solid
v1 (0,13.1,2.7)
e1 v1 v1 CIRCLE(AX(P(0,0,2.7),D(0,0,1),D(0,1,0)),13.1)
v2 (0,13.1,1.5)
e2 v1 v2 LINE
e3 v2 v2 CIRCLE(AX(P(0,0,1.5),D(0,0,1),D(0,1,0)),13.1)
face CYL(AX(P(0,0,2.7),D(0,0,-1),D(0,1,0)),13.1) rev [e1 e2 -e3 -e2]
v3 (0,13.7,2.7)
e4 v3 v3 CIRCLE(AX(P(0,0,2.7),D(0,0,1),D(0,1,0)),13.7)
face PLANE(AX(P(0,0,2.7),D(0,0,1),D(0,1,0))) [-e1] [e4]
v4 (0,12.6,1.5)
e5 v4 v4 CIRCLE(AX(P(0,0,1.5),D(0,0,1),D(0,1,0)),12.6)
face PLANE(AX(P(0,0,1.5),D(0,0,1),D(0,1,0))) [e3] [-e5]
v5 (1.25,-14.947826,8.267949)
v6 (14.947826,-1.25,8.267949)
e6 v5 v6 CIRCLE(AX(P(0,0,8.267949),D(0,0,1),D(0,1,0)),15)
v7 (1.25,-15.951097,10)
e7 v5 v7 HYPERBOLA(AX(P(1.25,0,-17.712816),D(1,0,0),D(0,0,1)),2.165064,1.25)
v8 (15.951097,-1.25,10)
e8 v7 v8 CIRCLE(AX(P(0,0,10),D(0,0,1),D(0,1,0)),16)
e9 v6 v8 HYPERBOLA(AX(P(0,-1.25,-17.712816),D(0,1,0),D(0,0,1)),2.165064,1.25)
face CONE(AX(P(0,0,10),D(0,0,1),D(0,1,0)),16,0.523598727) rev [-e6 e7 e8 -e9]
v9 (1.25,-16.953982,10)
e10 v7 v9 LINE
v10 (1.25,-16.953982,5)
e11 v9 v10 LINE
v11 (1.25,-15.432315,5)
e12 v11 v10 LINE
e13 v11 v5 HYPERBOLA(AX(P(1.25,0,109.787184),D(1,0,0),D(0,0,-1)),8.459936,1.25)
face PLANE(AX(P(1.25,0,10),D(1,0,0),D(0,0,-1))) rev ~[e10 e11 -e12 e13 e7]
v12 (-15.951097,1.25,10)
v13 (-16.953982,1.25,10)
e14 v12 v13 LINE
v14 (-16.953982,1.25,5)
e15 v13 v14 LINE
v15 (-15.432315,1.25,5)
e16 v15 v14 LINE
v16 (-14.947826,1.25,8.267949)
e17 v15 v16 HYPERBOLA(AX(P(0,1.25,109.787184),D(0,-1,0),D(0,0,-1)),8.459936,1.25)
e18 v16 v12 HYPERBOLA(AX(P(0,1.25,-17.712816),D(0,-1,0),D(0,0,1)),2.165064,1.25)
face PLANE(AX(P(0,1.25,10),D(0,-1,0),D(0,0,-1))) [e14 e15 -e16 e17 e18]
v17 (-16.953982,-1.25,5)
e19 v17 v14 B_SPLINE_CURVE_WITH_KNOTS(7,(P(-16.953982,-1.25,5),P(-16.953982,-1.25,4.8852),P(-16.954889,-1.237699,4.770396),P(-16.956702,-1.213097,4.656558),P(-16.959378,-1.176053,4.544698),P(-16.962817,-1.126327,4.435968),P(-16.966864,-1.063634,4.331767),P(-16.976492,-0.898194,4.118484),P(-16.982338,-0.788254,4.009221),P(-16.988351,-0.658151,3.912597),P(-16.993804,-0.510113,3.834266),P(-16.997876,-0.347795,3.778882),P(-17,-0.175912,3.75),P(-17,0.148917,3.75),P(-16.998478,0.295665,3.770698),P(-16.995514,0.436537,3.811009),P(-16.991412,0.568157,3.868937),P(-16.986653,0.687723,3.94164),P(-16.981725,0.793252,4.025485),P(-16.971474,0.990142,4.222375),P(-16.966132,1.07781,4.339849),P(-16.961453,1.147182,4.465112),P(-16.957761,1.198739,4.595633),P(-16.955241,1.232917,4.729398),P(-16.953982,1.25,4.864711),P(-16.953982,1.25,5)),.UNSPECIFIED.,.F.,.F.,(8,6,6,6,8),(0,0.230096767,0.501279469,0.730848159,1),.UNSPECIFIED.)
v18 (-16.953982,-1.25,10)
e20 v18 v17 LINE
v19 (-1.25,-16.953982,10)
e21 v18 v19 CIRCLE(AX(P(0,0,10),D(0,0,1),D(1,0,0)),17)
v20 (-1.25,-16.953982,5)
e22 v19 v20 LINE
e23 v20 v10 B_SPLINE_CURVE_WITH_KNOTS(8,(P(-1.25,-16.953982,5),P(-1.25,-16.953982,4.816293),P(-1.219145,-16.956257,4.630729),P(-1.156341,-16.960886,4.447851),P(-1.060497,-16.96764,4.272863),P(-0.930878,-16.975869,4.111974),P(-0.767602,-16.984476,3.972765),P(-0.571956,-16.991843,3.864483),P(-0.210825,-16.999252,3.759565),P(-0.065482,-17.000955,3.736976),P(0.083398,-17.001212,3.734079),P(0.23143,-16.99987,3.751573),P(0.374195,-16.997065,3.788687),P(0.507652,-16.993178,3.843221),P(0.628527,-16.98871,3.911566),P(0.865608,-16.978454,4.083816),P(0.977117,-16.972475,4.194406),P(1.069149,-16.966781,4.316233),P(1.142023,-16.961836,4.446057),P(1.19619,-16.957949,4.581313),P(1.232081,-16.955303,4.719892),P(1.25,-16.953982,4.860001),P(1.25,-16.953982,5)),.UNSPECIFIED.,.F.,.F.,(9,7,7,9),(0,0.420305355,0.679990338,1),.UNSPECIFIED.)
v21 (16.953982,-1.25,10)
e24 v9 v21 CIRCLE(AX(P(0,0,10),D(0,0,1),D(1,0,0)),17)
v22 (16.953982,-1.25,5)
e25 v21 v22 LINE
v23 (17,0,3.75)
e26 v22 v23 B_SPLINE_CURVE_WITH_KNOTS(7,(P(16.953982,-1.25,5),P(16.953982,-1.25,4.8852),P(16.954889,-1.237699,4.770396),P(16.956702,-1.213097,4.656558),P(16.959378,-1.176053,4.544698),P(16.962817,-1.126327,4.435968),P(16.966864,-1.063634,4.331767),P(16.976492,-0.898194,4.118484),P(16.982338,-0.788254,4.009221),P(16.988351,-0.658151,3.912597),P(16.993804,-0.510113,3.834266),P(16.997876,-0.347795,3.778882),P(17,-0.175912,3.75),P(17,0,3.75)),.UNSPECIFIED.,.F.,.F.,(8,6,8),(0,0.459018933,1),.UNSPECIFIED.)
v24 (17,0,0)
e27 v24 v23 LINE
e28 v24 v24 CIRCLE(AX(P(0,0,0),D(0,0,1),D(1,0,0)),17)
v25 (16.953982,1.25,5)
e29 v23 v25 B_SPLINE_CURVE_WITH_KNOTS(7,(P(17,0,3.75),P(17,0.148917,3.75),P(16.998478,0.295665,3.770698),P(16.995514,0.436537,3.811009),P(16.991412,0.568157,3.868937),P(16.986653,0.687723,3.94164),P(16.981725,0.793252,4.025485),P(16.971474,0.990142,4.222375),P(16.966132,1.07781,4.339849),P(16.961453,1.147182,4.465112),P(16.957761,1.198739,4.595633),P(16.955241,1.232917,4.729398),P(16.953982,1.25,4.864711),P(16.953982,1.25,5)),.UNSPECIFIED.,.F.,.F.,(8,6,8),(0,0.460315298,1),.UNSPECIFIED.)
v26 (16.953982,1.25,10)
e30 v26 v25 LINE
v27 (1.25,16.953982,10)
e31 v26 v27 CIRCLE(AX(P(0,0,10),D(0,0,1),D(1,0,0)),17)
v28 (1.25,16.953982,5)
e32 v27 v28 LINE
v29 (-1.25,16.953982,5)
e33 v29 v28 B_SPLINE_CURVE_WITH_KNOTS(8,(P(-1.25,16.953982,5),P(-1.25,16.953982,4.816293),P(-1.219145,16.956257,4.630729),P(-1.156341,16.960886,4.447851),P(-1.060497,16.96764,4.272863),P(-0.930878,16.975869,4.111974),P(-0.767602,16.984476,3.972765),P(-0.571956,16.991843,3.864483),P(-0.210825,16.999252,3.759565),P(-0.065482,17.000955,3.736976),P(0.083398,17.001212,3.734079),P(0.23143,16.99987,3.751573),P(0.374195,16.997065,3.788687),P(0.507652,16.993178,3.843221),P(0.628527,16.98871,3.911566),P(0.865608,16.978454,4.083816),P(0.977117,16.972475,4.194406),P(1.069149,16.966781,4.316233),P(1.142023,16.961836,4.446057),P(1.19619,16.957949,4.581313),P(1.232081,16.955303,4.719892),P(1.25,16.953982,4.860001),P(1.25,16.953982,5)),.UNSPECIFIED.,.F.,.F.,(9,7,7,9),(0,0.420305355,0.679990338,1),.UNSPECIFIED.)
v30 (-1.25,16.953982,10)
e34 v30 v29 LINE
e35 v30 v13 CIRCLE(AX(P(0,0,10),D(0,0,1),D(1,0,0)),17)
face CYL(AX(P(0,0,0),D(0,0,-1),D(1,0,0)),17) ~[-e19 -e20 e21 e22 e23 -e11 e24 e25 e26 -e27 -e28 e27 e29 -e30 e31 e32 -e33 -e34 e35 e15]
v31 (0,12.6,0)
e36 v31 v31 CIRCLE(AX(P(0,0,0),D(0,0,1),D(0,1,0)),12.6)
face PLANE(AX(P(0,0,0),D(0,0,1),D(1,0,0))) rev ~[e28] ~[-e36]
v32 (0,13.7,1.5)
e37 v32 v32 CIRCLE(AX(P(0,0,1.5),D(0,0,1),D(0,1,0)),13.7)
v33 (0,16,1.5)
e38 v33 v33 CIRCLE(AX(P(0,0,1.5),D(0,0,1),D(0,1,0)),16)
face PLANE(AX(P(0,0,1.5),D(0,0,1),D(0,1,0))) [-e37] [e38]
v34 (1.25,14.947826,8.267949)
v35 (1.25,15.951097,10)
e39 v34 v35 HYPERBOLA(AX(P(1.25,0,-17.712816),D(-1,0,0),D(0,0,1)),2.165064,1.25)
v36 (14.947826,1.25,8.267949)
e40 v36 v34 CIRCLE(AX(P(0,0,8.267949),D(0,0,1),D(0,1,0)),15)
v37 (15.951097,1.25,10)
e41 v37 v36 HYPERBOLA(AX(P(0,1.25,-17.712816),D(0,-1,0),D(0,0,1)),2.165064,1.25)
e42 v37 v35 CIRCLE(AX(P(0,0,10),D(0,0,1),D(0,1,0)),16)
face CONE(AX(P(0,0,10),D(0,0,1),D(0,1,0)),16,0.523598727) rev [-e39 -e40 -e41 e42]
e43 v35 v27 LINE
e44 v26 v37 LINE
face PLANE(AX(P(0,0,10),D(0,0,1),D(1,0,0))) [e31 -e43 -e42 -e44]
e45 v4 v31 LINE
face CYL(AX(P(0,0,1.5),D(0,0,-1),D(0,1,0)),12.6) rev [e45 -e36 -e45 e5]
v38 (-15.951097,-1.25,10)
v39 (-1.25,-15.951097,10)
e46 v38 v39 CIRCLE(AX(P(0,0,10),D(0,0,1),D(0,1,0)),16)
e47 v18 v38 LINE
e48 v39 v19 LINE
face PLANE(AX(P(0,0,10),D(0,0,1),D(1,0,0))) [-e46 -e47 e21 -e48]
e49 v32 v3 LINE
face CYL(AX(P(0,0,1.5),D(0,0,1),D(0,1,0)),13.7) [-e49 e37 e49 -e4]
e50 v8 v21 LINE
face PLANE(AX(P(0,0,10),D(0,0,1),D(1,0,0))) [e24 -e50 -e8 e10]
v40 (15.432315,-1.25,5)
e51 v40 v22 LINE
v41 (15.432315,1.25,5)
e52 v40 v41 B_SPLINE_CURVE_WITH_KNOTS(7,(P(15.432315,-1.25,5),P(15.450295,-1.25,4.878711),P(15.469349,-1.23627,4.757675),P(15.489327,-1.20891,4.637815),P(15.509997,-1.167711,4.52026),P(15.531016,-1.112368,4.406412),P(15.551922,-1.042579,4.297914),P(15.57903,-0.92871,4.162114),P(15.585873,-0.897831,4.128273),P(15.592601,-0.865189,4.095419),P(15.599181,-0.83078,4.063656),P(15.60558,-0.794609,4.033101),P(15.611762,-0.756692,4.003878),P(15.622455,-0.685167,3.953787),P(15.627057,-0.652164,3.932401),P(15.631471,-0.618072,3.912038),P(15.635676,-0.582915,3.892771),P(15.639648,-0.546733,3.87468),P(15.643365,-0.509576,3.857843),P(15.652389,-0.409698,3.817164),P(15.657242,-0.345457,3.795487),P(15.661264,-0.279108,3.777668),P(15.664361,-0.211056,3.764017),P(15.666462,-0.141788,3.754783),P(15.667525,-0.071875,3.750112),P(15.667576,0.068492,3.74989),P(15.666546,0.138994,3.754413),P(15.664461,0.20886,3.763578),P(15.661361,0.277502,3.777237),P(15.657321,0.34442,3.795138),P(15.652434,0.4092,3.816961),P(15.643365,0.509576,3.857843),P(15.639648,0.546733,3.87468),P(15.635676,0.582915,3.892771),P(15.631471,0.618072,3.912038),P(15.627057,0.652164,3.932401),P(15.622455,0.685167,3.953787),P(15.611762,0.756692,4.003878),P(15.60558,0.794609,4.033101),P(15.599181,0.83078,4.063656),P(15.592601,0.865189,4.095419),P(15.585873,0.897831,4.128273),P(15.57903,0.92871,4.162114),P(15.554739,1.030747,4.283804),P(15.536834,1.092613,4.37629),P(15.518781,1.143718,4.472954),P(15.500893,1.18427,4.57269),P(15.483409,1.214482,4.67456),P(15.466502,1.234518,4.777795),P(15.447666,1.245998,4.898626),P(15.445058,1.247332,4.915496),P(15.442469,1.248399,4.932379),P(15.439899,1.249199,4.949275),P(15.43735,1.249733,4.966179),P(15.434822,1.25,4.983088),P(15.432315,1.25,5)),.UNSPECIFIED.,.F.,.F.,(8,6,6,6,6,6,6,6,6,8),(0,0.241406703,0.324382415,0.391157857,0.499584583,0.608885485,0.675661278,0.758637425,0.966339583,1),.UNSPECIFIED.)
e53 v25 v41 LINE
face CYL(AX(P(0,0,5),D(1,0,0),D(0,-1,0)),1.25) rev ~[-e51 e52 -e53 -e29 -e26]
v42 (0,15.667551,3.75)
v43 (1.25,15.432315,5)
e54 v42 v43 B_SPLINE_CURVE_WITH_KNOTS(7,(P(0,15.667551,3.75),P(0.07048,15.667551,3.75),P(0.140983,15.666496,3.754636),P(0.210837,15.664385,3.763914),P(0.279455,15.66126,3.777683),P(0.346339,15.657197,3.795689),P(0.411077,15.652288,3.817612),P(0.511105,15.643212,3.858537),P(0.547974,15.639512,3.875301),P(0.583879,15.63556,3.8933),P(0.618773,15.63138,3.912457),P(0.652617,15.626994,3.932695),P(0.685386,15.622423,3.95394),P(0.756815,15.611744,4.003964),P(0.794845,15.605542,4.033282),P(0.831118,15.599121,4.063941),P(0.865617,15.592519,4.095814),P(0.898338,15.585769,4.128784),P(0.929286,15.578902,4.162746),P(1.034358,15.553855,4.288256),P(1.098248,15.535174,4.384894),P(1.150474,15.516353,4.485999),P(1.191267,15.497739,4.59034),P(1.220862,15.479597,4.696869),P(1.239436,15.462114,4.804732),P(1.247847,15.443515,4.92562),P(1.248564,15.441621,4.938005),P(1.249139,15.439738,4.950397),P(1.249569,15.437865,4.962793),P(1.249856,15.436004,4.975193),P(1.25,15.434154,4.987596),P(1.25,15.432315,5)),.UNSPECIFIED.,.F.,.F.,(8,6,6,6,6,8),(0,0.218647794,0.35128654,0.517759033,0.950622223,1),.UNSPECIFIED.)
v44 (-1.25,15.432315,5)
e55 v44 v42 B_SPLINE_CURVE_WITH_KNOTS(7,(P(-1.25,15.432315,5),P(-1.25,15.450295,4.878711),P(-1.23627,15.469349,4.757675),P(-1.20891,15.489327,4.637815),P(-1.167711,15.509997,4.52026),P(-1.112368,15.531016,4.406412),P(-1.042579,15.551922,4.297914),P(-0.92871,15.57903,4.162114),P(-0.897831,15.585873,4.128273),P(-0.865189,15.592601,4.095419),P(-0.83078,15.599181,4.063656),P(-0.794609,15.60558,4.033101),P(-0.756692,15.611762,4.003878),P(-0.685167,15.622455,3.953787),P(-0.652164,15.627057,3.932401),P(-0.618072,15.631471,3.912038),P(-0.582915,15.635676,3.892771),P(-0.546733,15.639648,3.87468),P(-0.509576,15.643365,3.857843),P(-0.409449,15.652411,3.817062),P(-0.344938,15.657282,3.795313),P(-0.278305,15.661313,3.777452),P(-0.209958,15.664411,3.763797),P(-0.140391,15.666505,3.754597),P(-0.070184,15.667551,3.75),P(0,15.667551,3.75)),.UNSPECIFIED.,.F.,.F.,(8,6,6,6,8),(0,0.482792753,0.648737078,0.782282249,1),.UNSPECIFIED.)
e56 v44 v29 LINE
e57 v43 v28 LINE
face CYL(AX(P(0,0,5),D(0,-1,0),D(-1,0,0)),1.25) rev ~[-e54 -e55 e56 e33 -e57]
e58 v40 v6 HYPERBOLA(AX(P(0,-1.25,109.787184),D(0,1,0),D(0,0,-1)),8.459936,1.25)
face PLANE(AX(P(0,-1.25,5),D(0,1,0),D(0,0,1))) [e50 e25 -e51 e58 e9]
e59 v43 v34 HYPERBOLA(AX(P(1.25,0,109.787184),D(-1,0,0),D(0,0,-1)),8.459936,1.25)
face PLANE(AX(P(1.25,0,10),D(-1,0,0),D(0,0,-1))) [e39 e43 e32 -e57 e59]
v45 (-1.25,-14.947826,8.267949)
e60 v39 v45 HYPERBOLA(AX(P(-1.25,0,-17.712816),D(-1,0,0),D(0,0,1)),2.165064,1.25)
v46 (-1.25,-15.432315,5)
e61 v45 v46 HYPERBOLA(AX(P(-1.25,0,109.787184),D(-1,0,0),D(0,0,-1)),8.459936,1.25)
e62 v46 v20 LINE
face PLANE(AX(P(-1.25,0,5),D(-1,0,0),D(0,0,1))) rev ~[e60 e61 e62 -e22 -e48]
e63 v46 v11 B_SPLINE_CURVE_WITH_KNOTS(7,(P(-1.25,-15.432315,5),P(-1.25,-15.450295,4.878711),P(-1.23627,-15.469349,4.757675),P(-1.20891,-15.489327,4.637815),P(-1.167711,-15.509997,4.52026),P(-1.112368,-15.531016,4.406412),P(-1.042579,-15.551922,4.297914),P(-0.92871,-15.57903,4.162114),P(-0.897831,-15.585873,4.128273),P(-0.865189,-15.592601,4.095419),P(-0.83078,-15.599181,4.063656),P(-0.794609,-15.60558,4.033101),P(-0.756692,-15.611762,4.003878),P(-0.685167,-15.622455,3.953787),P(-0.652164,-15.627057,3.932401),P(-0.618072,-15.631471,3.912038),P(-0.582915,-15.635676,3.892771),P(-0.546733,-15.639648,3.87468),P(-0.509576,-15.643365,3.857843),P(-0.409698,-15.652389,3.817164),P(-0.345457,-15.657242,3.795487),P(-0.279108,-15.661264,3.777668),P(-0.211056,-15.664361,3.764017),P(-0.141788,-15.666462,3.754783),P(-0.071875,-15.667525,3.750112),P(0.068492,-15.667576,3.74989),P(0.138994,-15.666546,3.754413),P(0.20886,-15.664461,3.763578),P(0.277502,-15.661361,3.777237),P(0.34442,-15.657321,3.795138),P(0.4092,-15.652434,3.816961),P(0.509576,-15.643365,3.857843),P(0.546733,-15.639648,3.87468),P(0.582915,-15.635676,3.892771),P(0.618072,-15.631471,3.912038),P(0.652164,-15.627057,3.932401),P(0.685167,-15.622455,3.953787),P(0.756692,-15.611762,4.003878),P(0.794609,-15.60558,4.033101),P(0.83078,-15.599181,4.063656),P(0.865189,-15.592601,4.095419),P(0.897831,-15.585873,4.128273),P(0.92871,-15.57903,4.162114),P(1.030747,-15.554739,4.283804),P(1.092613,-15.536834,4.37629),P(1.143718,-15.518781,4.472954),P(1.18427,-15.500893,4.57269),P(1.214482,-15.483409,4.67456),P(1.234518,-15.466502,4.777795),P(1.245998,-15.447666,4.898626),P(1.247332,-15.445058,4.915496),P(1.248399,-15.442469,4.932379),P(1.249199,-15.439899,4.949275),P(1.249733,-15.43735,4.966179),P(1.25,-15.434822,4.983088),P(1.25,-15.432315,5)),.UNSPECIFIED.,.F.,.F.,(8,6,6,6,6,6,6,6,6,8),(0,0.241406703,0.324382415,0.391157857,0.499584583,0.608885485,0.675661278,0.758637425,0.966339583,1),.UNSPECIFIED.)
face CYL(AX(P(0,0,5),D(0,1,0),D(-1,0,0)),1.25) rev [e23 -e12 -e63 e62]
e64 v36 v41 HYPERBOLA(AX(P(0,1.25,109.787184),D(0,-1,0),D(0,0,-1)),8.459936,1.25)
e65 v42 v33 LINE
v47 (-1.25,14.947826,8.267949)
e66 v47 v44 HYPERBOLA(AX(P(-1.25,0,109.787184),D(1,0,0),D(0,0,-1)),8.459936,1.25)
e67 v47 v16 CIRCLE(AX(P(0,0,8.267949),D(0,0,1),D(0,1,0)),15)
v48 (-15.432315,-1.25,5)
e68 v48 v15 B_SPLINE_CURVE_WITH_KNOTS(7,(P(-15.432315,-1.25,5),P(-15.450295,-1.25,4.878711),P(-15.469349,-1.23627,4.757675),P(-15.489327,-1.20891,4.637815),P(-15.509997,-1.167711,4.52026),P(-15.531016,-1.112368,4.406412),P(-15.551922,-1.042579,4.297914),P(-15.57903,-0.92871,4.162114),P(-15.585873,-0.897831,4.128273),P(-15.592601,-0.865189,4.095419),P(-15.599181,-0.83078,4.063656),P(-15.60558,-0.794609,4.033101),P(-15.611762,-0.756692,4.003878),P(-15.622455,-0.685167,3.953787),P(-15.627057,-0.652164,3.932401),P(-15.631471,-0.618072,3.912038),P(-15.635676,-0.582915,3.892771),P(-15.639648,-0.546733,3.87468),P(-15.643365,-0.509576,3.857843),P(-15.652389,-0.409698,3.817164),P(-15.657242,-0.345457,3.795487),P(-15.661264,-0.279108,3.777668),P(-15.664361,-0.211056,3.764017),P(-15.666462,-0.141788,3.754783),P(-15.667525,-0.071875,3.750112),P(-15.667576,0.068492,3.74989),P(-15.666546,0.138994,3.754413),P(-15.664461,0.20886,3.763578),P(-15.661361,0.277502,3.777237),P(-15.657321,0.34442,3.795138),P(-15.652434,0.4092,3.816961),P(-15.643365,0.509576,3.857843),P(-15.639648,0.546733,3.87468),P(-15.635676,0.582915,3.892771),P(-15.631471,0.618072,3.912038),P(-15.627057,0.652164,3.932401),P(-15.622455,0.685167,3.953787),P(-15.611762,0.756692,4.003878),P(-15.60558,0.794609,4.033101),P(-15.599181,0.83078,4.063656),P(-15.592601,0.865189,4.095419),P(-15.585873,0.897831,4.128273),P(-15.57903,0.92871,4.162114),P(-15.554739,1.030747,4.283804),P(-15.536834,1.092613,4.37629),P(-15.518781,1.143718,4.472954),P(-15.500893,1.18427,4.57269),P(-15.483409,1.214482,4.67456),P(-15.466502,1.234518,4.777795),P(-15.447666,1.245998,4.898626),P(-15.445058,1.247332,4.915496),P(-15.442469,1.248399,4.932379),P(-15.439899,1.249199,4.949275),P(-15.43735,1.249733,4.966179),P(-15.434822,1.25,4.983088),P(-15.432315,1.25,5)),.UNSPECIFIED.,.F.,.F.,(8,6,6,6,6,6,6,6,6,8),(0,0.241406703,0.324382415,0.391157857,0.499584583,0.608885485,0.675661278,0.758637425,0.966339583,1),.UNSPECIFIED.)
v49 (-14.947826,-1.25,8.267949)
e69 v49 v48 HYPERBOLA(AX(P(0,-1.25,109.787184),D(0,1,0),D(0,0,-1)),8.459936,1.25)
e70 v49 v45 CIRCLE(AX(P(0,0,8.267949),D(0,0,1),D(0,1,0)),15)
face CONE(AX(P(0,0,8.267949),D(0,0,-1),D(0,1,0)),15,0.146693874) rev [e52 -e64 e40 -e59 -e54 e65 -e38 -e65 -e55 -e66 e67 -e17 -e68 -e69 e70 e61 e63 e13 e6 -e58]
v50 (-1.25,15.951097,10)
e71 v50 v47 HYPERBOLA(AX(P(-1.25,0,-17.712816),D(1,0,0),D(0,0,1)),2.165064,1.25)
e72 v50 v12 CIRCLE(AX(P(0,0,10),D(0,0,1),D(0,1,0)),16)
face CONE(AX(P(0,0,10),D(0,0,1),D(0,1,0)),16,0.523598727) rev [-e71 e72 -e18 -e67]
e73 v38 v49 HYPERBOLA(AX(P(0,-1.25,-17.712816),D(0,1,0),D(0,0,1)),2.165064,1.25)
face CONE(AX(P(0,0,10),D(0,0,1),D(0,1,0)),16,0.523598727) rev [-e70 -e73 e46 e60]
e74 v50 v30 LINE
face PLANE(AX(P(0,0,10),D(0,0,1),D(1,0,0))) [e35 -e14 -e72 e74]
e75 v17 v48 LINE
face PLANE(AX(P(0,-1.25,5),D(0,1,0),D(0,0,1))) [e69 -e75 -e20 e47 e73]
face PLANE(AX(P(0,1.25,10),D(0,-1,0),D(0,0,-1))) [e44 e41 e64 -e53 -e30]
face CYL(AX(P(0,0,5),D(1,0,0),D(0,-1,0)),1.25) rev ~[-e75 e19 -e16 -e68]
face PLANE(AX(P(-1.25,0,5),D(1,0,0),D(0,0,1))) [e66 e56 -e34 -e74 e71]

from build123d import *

# Parameters (mm, degrees)
SKETCH_R           = 17
PAD_DEPTH          = 10
POCKET_DEPTH       = 115.225233
POCKET_DEPTH_BACK  = 115.225233
POLARPATTERN_COUNT = 2
POLARPATTERN_ANGLE = 90


with BuildPart() as part:
    # Sketch → Pad (new body)
    with BuildSketch(Plane.XY):
        Circle(SKETCH_R)
    extrude(amount=PAD_DEPTH)

    # Sketch001 → Groove (revolve, cut)
    with BuildSketch(Plane.YZ):
        Polygon((0, 0), (0, 10), (16, 10), (15, 8.267949), (16, 1.5), (13.7, 1.5), (13.7, 2.7), (13.1, 2.7), (13.1, 1.5), (12.6, 1.5), (12.6, 0), align=None)
    revolve(axis=Axis((0, 0, 0), (0, 0, 1)), mode=Mode.SUBTRACT)

    # Sketch002 → Pocket (cut, two sides)
    with BuildSketch(Plane.XZ) as pocket_sk:
        with BuildLine():
            Line((-1.25, 10), (1.25, 10))
            Line((1.25, 10), (1.25, 5))
            ThreePointArc((-1.25, 5), (0, 3.75), (1.25, 5))
            Line((-1.25, 5), (-1.25, 10))
        make_face()
    pocket = extrude(amount=-POCKET_DEPTH, mode=Mode.SUBTRACT) + extrude(pocket_sk.sketch, amount=POCKET_DEPTH_BACK, mode=Mode.SUBTRACT)

    # PolarPattern: Pocket ×2 about axis
    polarpattern_axis = Axis((0, 0, 0), (0, 0, 1))
    for i in range(1, POLARPATTERN_COUNT):
        add(pocket.rotate(polarpattern_axis, i * POLARPATTERN_ANGLE / (POLARPATTERN_COUNT - 1)), mode=Mode.SUBTRACT)


solid = part.part
